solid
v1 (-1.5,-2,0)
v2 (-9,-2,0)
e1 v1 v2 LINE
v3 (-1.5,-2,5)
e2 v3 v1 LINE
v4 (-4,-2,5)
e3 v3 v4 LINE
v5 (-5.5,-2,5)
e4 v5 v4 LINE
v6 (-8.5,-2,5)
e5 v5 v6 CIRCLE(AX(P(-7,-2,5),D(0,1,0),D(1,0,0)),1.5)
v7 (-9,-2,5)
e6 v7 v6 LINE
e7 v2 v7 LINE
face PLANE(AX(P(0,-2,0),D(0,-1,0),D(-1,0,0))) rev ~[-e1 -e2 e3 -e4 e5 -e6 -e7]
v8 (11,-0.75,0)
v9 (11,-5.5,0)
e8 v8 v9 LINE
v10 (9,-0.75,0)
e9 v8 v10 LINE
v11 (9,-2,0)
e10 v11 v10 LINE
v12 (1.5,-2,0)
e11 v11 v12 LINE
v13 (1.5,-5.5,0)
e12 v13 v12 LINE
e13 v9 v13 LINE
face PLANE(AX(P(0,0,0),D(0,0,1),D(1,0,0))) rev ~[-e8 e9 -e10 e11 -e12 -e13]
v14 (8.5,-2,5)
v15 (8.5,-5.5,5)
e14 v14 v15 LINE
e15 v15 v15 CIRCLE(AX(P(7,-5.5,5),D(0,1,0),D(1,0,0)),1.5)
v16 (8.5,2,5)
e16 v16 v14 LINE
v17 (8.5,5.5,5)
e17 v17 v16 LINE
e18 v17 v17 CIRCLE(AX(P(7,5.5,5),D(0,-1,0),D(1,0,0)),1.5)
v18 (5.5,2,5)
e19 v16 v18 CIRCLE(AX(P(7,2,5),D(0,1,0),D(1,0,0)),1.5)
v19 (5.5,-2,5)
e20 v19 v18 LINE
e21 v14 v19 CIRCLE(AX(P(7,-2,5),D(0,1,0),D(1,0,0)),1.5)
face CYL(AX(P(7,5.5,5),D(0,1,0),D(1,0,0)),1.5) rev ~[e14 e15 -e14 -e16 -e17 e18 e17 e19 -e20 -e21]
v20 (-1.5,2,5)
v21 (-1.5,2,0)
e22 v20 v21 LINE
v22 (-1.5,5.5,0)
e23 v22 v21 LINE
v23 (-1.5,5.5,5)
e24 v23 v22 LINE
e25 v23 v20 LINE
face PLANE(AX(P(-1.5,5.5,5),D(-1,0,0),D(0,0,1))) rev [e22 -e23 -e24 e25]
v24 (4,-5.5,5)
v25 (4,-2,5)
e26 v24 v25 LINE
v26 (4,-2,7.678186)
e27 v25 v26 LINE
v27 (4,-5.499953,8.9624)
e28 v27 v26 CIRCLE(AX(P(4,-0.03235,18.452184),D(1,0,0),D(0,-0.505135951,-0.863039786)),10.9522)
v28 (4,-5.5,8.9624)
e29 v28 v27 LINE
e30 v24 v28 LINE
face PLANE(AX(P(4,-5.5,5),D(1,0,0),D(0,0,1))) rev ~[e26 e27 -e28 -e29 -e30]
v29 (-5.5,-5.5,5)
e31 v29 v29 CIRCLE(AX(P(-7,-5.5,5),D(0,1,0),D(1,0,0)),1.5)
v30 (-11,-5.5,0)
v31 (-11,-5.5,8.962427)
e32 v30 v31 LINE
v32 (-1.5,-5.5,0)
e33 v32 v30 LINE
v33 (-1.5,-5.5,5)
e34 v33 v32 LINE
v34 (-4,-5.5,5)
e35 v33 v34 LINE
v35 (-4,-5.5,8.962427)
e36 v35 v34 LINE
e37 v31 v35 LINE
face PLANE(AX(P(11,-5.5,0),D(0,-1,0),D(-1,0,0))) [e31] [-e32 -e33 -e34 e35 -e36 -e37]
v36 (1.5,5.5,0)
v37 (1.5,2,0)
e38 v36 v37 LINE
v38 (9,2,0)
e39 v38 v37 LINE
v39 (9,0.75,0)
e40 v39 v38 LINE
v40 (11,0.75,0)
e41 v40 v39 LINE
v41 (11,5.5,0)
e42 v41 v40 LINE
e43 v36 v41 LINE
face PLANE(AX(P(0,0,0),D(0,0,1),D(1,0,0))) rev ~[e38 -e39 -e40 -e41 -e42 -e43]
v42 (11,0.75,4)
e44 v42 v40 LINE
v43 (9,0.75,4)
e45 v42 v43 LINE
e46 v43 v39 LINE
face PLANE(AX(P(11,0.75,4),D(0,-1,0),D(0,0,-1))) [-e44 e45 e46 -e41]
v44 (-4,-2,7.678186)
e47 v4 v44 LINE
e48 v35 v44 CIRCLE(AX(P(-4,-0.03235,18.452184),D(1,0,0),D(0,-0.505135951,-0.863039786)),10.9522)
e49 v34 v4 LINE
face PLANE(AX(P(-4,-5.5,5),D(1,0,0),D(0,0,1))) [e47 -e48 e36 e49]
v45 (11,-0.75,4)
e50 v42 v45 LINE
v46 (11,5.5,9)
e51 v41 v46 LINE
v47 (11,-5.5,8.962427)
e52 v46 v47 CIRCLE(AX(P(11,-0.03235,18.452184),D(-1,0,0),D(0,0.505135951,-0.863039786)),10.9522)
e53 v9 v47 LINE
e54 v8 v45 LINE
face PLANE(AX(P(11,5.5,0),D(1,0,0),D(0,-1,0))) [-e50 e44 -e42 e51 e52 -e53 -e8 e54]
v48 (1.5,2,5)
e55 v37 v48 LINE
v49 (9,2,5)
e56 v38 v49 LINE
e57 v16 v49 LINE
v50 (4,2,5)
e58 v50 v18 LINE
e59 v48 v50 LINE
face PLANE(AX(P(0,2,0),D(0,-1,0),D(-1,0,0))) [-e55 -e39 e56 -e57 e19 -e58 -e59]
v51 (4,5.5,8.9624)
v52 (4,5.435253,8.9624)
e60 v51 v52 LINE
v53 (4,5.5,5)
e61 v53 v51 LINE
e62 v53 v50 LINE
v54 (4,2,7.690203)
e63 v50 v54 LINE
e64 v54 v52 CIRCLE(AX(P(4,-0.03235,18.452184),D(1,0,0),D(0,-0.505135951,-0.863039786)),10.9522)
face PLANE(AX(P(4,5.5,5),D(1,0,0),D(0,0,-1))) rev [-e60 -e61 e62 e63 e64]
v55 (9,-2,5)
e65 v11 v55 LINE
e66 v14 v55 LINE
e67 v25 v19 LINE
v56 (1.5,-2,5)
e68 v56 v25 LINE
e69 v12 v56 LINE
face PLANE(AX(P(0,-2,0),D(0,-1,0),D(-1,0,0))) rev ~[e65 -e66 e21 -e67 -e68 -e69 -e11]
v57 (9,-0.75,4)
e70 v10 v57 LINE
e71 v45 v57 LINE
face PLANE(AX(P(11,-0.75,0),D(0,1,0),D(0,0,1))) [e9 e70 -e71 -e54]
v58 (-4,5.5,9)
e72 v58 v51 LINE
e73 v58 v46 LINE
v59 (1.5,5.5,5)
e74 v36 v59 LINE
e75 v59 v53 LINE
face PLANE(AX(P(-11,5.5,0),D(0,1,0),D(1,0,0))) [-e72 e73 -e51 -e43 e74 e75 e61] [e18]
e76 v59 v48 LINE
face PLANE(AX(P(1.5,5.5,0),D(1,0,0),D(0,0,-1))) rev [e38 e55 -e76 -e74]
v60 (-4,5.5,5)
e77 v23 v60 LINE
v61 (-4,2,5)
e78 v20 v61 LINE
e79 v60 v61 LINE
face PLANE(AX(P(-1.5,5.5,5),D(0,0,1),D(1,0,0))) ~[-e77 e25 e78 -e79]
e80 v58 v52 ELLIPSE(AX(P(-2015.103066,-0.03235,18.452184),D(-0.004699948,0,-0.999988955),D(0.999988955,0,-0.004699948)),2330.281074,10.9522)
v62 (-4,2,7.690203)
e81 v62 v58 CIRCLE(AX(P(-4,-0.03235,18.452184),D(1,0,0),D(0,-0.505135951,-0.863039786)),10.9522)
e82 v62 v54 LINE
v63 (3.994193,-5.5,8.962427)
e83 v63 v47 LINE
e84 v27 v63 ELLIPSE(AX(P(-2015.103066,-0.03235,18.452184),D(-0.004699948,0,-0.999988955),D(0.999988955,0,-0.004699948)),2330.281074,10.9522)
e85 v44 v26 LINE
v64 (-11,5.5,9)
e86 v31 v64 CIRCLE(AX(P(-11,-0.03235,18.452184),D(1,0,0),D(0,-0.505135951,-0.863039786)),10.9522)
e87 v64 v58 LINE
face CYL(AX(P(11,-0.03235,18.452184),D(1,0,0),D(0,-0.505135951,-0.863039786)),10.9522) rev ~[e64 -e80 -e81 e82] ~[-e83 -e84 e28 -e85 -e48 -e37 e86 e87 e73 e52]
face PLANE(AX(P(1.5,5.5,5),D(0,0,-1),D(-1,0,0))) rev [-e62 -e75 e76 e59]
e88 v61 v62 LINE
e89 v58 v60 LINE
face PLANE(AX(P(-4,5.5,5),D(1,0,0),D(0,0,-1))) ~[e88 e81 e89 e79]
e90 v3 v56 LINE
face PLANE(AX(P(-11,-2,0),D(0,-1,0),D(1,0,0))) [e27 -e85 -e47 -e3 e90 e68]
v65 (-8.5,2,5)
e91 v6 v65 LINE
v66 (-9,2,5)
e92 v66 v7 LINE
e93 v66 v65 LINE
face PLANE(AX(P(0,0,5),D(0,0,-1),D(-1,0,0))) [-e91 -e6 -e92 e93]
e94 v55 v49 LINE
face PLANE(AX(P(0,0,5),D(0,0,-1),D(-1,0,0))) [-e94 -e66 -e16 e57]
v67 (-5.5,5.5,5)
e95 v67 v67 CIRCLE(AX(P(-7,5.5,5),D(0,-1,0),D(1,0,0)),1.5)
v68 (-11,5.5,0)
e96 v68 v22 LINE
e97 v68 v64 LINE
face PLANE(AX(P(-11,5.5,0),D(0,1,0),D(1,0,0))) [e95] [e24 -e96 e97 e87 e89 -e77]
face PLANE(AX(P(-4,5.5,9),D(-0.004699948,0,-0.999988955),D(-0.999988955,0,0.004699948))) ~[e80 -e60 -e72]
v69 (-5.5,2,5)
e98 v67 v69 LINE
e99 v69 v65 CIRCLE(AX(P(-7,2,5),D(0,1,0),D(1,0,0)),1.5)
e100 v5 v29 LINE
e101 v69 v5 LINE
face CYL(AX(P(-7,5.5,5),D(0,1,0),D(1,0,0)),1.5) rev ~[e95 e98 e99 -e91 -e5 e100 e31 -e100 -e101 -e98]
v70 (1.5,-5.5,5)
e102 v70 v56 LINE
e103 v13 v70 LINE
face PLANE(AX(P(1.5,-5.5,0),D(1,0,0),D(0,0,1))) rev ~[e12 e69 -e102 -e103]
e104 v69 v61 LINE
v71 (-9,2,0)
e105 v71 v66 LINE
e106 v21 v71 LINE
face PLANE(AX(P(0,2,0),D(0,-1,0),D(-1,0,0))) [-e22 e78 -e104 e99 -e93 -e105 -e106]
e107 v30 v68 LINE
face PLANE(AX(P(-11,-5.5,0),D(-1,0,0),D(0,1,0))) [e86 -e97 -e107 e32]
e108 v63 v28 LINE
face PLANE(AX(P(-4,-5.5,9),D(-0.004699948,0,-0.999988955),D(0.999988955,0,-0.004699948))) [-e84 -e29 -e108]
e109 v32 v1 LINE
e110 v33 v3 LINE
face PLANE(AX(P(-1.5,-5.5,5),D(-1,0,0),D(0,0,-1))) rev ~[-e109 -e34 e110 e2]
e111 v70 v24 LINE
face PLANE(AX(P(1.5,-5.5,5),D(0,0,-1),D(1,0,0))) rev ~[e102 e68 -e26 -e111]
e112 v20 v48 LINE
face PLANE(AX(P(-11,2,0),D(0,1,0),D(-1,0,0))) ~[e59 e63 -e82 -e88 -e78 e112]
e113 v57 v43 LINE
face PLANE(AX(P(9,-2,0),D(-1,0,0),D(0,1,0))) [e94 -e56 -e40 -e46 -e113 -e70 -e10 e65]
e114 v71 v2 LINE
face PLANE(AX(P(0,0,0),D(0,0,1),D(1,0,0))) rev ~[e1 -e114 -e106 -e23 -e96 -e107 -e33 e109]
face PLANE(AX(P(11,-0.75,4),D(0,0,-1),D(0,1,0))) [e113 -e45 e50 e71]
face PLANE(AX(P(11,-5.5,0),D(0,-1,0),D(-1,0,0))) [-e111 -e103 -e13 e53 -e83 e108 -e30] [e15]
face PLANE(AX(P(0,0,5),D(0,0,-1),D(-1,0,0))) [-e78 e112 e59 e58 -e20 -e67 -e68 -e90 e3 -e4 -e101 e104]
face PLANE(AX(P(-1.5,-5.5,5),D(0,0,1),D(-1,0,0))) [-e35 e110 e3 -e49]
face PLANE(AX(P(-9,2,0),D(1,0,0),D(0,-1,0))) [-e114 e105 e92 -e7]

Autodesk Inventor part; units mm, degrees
ref_plane "YZ Plane" through (0, 0, 0) normal (1, 0, 0) x (0, 1, 0)
ref_plane "XZ Plane" through (0, 0, 0) normal (0, 1, 0) x (-1, 0, 0)
ref_plane "XY Plane" through (0, 0, 0) normal (0, 0, 1) x (1, 0, 0)
sketch "Sketch1" plane through (0, 0, 0) normal (0, 0, 1) x (1, 0, 0)
  line L0 (-11, 5.5) -> (11, 5.5)
  line L1 (11, 5.5) -> (11, -5.5)
  line L2 (11, -5.5) -> (-11, -5.5)
  line L3 (-11, -5.5) -> (-11, 5.5)
  line L4 (-11, 5.5) -> (11, -5.5) construction
  line L5 (11, 5.5) -> (-11, -5.5) construction
  point P0 (0, 0)
  dimension "d0" = 22
  dimension "d1" = 11
extrude "Extrusion1" add sketch "Sketch1" along normal blind 9
sketch "Sketch2" plane through (-11, 5.5, 0) normal (0, 1, 0) x (1, 0, 0)
  line L0 (0, 0) -> (0, -9) projected
  line L1 (22, 0) -> (22, -9) projected
  circle A0 centre (4, -5) radius 1.5
  circle A1 centre (18, -5) radius 1.5
  line L2 (0, 0) -> (22, 0) projected
  line L3 (22, 0) -> (22, -9) projected
  line L4 (4, 0) -> (4, -5)
  line L5 (18, -5) -> (18, 0)
  line L6 (0, -5) -> (4, -5)
  line L7 (22, -5) -> (18, -5)
  point P0 (11, 0)
  point P1 (9, -4)
  dimension "d6" = 3
  dimension "d7" = 3
  dimension "d25" = 5
  dimension "d26" = 5
  dimension "d27" = 4
  dimension "d28" = 4
extrude "Extrusion2" cut sketch "Sketch2" against normal up to next contours L6 L4 A0 | A0 L4 L6 | L5 L7 A1 | A1 L7 L5
sketch "Sketch3" plane through (11, -5.5, 0) normal (1, 0, 0) x (0, 0, -1)
  line L0 (-9, 0) -> (-9, 11) projected
  line L1 (0, 0) -> (-9, 0) projected
  line L2 (-9, 11) -> (-9, 0)
  line L3 (-9, 11) -> (-9, 0) projected
  arc A0 (-9, -0.0647) -> (-9, 11) centre (-18.452, 5.4676) ccw
  line L4 (-9, 11) -> (-9, -0.0647)
  line L5 (-6.5, 11) -> (-6.5, 0) projected
  line L6 (0, 0) -> (0, 11) projected
  line L7 (0, 6.25) -> (0, 4.75)
  point P0 (0, 5.5)
extrude "Extrusion3" cut sketch "Sketch3" against normal up to next
sketch "Sketch6" plane through (0, 0, 0) normal (0, 0, -1) x (-1, 0, 0)
  line L0 (-11, 5.5) -> (-11, -5.5) projected
  line L1 (-11, 5.5) -> (-11, 2.5)
  line L2 (-11, -5.5) -> (11, -5.5) projected
  line L3 (-11, -5.5) -> (-11, -2.5)
  line L4 (0, 0) -> (0, -2)
  line L5 (0, -2) -> (9, -2)
  line L6 (0, 0) -> (0, 2)
  line L7 (0, 2) -> (-9, 2)
  line L8 (9, -2) -> (-9, -2)
  line L9 (-9, -2) -> (-9, 2)
  line L10 (-9, 2) -> (9, 2)
  line L11 (9, 2) -> (9, -2)
  line L12 (-11, -5.5) -> (11, -5.5) projected
  line L13 (11, -5.5) -> (11, 5.5) projected
  dimension "d40" = 2
  dimension "d41" = 9
  dimension "d42" = 2
  dimension "d43" = 9
extrude "Extrusion6" cut sketch "Sketch6" against normal blind 5
sketch "Sketch4" plane through (-11, -5.5, 0) normal (0, -1, 0) x (1, 0, 0)
  line L0 (11, 0) -> (11, 2.5)
  line L1 (0, 0) -> (22, 0) projected
  line L2 (12.5, 5) -> (9.5, 5)
  line L3 (9.5, 5) -> (9.5, 0)
  line L4 (9.5, 0) -> (12.5, 0)
  line L5 (12.5, 0) -> (12.5, 5)
  line L6 (12.5, 5) -> (9.5, 0) construction
  line L7 (9.5, 5) -> (12.5, 0) construction
  line L8 (22, 8.9624) -> (0, 8.9624) projected
  line L9 (12.5, 5) -> (15, 5)
  line L10 (15, 5) -> (15, 8.9624)
  line L11 (9.5, 5) -> (7, 5)
  line L12 (7, 5) -> (7, 9)
  line L13 (22, 9) -> (0, 9) projected
  line L14 (7, 9) -> (15, 8.9624)
  dimension "d13" = 2.5
  dimension "d14" = 3
  dimension "d34" = 2.5
  dimension "d35" = 2.5
extrude "Extrusion4" cut sketch "Sketch4" against normal up to surface (3.5 mm away)
sketch "Sketch5" plane through (11, -5.5, 0) normal (1, 0, 0) x (0, 0, -1)
  line L0 (0, 5.5) -> (-4, 5.5)
  line L1 (-5, 0) -> (-5, 3) projected
  line L2 (0, 5.5) -> (0, 4.75)
  line L3 (0, 0) -> (0, 11) projected
  line L4 (-4, 5.5) -> (-4, 6.25)
  line L5 (0, 4.75) -> (-4, 4.75)
  line L6 (-4, 4.75) -> (-4, 6.25)
  line L7 (-4, 6.25) -> (0, 6.25)
  line L8 (0, 6.25) -> (0, 4.75)
  point P0 (-5, 11)
  dimension "d20" = 4
  dimension "d21" = 0.75
  dimension "d22" = 0.75
extrude "Extrusion5" cut sketch "Sketch5" against normal up to next
ref_plane "Work Plane1" through (11, 0, 0) normal (0, -1, 0) x (1, 0, 0)
mirror "Mirror1" about plane through (11, 0, 0) normal (0, -1, 0) of "Extrusion4"
equation "\"d7\" = d6"
equation "\"d26\" = d25"
equation "\"d28\" = d27"
equation "\"d22\" = d21"
properties part number "back_pack_clip_in_2"
